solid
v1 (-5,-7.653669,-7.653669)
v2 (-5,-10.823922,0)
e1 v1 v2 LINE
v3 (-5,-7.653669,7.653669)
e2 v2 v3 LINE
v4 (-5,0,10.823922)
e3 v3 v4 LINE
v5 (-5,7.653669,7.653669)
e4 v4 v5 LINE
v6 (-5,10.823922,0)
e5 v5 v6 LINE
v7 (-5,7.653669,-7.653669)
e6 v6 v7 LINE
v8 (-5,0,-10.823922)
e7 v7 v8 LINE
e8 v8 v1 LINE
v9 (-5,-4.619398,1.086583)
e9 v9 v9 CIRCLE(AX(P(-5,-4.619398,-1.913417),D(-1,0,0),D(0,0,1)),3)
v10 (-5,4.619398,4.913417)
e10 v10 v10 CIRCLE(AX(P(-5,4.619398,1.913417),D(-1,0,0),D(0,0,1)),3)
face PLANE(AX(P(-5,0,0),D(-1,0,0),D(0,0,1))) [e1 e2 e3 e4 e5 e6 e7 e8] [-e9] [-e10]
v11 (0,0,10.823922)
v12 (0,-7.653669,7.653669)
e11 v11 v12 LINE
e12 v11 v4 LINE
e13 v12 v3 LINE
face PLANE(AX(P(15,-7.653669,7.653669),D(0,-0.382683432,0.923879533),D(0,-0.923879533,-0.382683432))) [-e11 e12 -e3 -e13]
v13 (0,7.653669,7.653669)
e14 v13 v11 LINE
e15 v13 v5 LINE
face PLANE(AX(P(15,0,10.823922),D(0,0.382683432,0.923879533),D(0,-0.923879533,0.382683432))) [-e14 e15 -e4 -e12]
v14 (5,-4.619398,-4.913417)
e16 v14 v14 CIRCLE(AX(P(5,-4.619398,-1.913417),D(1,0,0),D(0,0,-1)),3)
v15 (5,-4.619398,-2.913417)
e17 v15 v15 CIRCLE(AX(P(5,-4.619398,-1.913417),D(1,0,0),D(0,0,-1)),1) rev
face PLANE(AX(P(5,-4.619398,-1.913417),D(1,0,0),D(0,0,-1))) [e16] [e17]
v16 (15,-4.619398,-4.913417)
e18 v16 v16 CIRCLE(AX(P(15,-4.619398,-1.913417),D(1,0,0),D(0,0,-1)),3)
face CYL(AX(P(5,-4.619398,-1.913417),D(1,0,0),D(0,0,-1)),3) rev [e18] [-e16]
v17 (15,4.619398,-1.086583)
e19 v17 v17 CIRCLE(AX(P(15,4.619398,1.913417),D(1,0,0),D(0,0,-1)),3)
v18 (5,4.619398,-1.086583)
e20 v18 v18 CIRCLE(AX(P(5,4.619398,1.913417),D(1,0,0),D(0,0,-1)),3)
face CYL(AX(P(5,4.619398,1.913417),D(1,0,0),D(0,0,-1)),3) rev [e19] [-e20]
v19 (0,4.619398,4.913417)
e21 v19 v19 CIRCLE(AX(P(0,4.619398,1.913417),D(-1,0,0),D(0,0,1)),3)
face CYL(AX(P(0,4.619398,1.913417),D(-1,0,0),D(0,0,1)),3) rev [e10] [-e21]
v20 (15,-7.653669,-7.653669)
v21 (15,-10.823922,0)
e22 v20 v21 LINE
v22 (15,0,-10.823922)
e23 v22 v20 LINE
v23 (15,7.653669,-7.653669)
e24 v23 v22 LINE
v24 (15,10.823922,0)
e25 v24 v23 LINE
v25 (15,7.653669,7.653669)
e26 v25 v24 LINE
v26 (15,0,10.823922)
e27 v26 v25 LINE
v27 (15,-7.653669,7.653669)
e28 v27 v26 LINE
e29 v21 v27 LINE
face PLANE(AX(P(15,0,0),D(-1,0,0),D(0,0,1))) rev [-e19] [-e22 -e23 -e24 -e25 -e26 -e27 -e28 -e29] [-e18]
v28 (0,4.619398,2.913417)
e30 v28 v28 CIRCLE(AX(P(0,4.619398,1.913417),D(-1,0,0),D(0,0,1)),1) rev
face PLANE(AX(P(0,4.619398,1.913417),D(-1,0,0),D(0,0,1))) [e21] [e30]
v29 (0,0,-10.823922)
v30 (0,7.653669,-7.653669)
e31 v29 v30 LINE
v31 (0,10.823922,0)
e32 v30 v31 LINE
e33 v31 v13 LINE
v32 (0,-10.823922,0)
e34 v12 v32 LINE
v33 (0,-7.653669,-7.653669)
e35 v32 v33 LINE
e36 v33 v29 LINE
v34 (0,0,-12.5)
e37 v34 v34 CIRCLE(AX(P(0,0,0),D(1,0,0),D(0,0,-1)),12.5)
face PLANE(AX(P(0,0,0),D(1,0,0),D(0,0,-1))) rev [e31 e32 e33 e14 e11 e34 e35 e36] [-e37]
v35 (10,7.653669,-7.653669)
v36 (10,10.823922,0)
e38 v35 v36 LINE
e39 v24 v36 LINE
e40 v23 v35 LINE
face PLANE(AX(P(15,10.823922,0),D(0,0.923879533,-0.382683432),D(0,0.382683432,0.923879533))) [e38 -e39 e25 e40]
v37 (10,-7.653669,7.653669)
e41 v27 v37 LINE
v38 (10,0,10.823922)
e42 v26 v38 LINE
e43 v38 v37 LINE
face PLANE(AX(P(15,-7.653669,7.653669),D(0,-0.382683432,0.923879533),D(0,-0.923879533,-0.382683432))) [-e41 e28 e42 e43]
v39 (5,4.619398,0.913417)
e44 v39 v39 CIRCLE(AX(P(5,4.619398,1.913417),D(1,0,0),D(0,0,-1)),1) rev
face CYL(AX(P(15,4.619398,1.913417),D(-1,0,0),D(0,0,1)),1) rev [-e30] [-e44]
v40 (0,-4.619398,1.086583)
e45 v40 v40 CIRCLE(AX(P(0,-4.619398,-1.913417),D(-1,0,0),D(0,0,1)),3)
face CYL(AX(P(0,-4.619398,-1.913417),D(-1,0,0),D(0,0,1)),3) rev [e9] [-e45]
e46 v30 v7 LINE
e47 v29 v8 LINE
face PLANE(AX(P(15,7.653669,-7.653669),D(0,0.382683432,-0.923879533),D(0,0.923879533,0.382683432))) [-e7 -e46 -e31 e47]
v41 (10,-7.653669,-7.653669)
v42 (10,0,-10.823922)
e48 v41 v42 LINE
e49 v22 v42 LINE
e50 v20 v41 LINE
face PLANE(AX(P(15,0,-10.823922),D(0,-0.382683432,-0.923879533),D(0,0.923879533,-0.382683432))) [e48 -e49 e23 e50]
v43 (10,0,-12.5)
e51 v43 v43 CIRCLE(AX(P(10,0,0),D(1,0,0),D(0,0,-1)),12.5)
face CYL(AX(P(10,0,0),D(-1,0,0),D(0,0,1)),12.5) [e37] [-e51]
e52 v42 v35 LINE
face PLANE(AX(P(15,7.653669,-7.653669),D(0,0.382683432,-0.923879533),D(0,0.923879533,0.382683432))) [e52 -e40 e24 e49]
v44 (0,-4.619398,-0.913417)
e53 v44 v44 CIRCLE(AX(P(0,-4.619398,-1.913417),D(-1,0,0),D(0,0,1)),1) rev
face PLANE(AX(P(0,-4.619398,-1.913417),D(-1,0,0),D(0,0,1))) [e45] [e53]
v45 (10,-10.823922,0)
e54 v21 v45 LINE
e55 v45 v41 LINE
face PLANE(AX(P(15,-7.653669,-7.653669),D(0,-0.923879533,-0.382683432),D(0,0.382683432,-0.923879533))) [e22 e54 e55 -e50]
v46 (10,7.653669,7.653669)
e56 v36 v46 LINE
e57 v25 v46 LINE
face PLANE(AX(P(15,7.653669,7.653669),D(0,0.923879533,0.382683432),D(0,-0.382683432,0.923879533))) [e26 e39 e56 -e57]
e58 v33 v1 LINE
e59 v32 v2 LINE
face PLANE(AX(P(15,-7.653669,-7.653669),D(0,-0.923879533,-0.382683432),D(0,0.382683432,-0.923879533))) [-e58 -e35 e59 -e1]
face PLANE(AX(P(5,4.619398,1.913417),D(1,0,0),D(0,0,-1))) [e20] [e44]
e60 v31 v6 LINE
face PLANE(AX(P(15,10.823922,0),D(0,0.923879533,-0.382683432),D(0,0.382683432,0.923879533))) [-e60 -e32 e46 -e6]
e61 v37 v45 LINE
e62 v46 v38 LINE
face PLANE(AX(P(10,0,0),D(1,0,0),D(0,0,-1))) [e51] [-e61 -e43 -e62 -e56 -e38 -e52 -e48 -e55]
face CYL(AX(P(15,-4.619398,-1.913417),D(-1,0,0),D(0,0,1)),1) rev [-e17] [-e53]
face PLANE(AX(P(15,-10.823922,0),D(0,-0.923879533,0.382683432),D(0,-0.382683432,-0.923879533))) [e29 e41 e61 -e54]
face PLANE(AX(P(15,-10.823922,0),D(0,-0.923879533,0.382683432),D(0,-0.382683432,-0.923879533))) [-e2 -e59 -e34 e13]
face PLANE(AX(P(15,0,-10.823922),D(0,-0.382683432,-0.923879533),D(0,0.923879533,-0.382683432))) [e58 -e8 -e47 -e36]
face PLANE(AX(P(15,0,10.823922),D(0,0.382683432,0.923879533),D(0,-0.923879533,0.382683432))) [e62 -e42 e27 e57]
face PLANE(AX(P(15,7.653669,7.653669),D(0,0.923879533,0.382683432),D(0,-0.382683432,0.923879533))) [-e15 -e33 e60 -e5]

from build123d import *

# Parameters (mm, degrees)
SKETCH2_R                = 12.5
BOSS_EXTRUDE1_DEPTH      = 10
BOSS_EXTRUDE3_DEPTH      = 5
BOSS_EXTRUDE3_DEPTH_BACK = 15
SKETCH4_R                = 1
CUT_EXTRUDE1_DEPTH       = 20
SKETCH5_R                = 3
CUT_EXTRUDE2_DEPTH       = 5
CUT_EXTRUDE3_START       = -10
SKETCH6_R                = 3
CUT_EXTRUDE3_DEPTH       = 10


with BuildPart() as part:
    # Sketch2 → Boss-Extrude1 (new body)
    with BuildSketch(Plane(origin=(0, 0, 0), x_dir=(0, 0, -1), z_dir=(1, 0, 0))):
        Circle(SKETCH2_R)
    extrude(amount=BOSS_EXTRUDE1_DEPTH)

    # Sketch3 → Boss-Extrude3 (add, two sides: drawn at the far end of the back side and taken through both)
    with BuildSketch(Plane.ZY.offset(-BOSS_EXTRUDE3_DEPTH_BACK)):
        Polygon((10.823922003, 0), (7.653668647, 7.653668647), (0, 10.823922003), (-7.653668647, 7.653668647), (-10.823922003, 0), (-7.653668647, -7.653668647), (0, -10.823922003), (7.653668647, -7.653668647), align=None)
    extrude(amount=BOSS_EXTRUDE3_DEPTH + BOSS_EXTRUDE3_DEPTH_BACK)

    # Sketch4 → Cut-Extrude1 (cut)
    with BuildSketch(Plane.ZY.offset(5)):
        with Locations((1.913417162, 4.619397663)):
            Circle(SKETCH4_R)
        with Locations((-1.913417162, -4.619397663)):
            Circle(SKETCH4_R)
    extrude(amount=-CUT_EXTRUDE1_DEPTH, mode=Mode.SUBTRACT)

    # Sketch5 → Cut-Extrude2 (cut)
    with BuildSketch(Plane.ZY.offset(5)):
        with Locations((-1.913417162, -4.619397663)):
            Circle(SKETCH5_R)
        with Locations((1.913417162, 4.619397663)):
            Circle(SKETCH5_R)
    extrude(amount=-CUT_EXTRUDE2_DEPTH, mode=Mode.SUBTRACT)

    # Sketch6 → Cut-Extrude3 (cut)
    with BuildSketch(Plane(origin=(15, 0, 0), x_dir=(0, 0, -1), z_dir=(1, 0, 0)).offset(CUT_EXTRUDE3_START)):
        with Locations(Location((1.913417162, -4.619397663, 0), (0, 0, 180))):
            Circle(SKETCH6_R)
        with Locations(Location((-1.913417162, 4.619397663, 0), (0, 0, 180))):
            Circle(SKETCH6_R)
    extrude(amount=CUT_EXTRUDE3_DEPTH, mode=Mode.SUBTRACT)


solid = part.part
